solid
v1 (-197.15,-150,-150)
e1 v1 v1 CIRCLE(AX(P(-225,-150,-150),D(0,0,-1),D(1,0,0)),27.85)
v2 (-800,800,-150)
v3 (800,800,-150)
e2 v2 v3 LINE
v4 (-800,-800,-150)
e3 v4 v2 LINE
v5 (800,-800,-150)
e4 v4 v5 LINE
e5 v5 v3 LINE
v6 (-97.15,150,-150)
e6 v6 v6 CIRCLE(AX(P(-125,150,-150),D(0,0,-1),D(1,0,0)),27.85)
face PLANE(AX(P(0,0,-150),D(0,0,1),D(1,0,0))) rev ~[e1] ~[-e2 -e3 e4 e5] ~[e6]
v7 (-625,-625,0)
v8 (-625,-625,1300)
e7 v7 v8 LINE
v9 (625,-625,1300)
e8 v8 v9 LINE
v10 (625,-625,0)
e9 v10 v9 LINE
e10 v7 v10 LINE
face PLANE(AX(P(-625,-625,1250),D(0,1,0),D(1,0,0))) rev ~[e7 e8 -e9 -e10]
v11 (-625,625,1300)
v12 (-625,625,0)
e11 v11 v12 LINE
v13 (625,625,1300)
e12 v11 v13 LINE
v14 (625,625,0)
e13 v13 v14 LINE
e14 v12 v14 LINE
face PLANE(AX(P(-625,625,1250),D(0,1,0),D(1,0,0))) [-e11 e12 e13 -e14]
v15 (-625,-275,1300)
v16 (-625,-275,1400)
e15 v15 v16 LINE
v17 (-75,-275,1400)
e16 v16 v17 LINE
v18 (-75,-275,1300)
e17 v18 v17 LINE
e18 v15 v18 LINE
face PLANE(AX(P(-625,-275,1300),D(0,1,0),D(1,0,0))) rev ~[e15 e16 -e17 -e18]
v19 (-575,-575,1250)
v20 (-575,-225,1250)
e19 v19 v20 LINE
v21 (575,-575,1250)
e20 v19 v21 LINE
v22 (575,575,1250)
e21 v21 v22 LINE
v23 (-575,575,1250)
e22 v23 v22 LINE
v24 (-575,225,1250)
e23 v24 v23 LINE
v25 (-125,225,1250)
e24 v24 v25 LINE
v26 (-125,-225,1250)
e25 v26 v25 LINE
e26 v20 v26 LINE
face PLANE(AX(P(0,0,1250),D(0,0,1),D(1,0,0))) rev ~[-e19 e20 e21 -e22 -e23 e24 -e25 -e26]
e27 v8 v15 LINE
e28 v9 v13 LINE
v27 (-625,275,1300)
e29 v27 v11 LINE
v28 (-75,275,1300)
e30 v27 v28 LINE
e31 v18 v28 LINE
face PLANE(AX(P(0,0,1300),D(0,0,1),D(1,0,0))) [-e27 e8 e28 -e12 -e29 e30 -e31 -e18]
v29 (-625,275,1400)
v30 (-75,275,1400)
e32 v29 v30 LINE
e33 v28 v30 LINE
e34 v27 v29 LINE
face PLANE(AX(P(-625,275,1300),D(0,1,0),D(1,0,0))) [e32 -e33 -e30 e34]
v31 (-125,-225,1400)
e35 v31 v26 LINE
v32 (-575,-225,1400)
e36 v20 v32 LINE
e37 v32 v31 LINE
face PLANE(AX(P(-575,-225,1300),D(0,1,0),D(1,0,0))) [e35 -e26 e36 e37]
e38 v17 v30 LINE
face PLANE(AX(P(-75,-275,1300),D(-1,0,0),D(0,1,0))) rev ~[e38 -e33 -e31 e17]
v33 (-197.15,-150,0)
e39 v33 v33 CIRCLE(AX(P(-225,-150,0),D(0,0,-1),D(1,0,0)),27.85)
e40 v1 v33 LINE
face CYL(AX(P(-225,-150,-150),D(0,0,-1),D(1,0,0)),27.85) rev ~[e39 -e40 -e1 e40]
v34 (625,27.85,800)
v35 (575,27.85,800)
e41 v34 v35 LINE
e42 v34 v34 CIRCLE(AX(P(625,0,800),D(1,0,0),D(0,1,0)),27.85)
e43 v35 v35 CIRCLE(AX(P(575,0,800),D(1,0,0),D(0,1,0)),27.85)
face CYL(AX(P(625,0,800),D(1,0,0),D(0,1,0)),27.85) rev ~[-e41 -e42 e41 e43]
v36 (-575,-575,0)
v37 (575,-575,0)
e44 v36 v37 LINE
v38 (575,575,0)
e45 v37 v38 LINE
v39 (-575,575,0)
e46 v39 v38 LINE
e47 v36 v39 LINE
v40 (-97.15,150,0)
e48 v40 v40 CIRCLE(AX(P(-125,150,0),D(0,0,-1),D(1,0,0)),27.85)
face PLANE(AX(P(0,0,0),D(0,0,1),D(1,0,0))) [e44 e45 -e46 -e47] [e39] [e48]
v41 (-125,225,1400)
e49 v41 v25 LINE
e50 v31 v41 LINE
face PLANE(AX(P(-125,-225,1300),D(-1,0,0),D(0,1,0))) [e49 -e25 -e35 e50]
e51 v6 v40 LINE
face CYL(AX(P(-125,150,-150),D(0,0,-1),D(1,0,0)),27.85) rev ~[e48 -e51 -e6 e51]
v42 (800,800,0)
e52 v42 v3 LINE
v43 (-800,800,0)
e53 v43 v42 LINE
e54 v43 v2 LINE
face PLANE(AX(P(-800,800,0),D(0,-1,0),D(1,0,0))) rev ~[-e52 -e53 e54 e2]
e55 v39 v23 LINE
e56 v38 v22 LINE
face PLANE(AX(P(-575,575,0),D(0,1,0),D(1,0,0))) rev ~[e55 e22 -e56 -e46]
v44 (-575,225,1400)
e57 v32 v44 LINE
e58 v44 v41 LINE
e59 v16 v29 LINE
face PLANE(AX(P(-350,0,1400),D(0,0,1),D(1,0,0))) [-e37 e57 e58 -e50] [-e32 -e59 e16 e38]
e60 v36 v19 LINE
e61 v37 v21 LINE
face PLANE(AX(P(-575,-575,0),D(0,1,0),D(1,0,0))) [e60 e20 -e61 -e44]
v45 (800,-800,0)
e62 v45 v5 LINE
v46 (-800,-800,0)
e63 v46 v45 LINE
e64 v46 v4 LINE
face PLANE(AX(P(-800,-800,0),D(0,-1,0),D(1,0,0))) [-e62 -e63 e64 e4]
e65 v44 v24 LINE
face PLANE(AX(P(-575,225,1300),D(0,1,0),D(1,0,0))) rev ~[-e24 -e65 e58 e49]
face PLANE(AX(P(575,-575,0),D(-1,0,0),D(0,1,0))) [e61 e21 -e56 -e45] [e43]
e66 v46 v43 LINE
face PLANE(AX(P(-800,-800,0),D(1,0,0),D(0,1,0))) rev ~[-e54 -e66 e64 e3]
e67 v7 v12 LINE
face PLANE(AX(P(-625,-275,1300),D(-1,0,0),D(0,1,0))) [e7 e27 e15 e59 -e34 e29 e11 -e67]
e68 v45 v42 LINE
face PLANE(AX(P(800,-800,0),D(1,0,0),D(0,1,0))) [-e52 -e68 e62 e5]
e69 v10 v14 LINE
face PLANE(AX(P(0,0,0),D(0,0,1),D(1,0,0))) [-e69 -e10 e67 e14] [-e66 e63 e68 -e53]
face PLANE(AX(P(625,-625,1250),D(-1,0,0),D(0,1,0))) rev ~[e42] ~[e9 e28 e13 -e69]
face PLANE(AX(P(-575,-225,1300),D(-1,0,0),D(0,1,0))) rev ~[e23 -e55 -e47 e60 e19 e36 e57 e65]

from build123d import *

# Parameters (mm, degrees)
F0_W      = 1600
F0_H      = 1600
F2_DEPTH  = 150
F1_W      = 1250
F1_H      = 1250
F1_W_2    = 1150
F1_H_2    = 1150
F3_DEPTH  = 1250
F4_W      = 1250
F4_H      = 1250
F4_W_2    = 450
F4_H_2    = 450
F5_DEPTH  = 50
F6_W      = 550
F6_H      = 550
F6_W_2    = 450
F6_H_2    = 450
F7_DEPTH  = 100
F8_R      = 27.85
F9_DEPTH  = 100
F10_R     = 27.85
F11_DEPTH = 200


with BuildPart() as f2:
    # F0 (on Top) → F2 (new body)
    with BuildSketch(Plane.XY):
        Rectangle(F0_W, F0_H)
    extrude(amount=-F2_DEPTH)

    # F1 (on Top) → F3 (join)
    with BuildSketch(Plane.XY):
        Rectangle(F1_W, F1_H)
        Rectangle(F1_W_2, F1_H_2, mode=Mode.SUBTRACT)
    extrude(amount=F3_DEPTH)

    # F4 (on face) → F5 (join)
    with BuildSketch(Plane.XY.offset(1250)):
        Rectangle(F4_W, F4_H)
        with Locations((-350, 0)):
            Rectangle(F4_W_2, F4_H_2, mode=Mode.SUBTRACT)
    extrude(amount=F5_DEPTH)

    # F6 (on face) → F7 (join)
    with BuildSketch(Plane.XY.offset(1300)):
        with Locations((-350, 0)):
            Rectangle(F6_W, F6_H)
        with Locations((-350, 0)):
            Rectangle(F6_W_2, F6_H_2, mode=Mode.SUBTRACT)
    extrude(amount=F7_DEPTH)

    # F8 (on face) → F9 (cut)
    with BuildSketch(Plane.YZ.offset(625)):
        with Locations((0, 800)):
            Circle(F8_R)
    extrude(amount=-F9_DEPTH, mode=Mode.SUBTRACT)

    # F10 (on face) → F11 (cut)
    with BuildSketch(Plane(origin=(0, 0, -150), x_dir=(1, 0, 0), z_dir=(0, 0, -1))):
        with Locations((-125, -150)):
            Circle(F10_R)
        with Locations((-225, 150)):
            Circle(F10_R)
    extrude(amount=-F11_DEPTH, mode=Mode.SUBTRACT)


solid = f2.part
